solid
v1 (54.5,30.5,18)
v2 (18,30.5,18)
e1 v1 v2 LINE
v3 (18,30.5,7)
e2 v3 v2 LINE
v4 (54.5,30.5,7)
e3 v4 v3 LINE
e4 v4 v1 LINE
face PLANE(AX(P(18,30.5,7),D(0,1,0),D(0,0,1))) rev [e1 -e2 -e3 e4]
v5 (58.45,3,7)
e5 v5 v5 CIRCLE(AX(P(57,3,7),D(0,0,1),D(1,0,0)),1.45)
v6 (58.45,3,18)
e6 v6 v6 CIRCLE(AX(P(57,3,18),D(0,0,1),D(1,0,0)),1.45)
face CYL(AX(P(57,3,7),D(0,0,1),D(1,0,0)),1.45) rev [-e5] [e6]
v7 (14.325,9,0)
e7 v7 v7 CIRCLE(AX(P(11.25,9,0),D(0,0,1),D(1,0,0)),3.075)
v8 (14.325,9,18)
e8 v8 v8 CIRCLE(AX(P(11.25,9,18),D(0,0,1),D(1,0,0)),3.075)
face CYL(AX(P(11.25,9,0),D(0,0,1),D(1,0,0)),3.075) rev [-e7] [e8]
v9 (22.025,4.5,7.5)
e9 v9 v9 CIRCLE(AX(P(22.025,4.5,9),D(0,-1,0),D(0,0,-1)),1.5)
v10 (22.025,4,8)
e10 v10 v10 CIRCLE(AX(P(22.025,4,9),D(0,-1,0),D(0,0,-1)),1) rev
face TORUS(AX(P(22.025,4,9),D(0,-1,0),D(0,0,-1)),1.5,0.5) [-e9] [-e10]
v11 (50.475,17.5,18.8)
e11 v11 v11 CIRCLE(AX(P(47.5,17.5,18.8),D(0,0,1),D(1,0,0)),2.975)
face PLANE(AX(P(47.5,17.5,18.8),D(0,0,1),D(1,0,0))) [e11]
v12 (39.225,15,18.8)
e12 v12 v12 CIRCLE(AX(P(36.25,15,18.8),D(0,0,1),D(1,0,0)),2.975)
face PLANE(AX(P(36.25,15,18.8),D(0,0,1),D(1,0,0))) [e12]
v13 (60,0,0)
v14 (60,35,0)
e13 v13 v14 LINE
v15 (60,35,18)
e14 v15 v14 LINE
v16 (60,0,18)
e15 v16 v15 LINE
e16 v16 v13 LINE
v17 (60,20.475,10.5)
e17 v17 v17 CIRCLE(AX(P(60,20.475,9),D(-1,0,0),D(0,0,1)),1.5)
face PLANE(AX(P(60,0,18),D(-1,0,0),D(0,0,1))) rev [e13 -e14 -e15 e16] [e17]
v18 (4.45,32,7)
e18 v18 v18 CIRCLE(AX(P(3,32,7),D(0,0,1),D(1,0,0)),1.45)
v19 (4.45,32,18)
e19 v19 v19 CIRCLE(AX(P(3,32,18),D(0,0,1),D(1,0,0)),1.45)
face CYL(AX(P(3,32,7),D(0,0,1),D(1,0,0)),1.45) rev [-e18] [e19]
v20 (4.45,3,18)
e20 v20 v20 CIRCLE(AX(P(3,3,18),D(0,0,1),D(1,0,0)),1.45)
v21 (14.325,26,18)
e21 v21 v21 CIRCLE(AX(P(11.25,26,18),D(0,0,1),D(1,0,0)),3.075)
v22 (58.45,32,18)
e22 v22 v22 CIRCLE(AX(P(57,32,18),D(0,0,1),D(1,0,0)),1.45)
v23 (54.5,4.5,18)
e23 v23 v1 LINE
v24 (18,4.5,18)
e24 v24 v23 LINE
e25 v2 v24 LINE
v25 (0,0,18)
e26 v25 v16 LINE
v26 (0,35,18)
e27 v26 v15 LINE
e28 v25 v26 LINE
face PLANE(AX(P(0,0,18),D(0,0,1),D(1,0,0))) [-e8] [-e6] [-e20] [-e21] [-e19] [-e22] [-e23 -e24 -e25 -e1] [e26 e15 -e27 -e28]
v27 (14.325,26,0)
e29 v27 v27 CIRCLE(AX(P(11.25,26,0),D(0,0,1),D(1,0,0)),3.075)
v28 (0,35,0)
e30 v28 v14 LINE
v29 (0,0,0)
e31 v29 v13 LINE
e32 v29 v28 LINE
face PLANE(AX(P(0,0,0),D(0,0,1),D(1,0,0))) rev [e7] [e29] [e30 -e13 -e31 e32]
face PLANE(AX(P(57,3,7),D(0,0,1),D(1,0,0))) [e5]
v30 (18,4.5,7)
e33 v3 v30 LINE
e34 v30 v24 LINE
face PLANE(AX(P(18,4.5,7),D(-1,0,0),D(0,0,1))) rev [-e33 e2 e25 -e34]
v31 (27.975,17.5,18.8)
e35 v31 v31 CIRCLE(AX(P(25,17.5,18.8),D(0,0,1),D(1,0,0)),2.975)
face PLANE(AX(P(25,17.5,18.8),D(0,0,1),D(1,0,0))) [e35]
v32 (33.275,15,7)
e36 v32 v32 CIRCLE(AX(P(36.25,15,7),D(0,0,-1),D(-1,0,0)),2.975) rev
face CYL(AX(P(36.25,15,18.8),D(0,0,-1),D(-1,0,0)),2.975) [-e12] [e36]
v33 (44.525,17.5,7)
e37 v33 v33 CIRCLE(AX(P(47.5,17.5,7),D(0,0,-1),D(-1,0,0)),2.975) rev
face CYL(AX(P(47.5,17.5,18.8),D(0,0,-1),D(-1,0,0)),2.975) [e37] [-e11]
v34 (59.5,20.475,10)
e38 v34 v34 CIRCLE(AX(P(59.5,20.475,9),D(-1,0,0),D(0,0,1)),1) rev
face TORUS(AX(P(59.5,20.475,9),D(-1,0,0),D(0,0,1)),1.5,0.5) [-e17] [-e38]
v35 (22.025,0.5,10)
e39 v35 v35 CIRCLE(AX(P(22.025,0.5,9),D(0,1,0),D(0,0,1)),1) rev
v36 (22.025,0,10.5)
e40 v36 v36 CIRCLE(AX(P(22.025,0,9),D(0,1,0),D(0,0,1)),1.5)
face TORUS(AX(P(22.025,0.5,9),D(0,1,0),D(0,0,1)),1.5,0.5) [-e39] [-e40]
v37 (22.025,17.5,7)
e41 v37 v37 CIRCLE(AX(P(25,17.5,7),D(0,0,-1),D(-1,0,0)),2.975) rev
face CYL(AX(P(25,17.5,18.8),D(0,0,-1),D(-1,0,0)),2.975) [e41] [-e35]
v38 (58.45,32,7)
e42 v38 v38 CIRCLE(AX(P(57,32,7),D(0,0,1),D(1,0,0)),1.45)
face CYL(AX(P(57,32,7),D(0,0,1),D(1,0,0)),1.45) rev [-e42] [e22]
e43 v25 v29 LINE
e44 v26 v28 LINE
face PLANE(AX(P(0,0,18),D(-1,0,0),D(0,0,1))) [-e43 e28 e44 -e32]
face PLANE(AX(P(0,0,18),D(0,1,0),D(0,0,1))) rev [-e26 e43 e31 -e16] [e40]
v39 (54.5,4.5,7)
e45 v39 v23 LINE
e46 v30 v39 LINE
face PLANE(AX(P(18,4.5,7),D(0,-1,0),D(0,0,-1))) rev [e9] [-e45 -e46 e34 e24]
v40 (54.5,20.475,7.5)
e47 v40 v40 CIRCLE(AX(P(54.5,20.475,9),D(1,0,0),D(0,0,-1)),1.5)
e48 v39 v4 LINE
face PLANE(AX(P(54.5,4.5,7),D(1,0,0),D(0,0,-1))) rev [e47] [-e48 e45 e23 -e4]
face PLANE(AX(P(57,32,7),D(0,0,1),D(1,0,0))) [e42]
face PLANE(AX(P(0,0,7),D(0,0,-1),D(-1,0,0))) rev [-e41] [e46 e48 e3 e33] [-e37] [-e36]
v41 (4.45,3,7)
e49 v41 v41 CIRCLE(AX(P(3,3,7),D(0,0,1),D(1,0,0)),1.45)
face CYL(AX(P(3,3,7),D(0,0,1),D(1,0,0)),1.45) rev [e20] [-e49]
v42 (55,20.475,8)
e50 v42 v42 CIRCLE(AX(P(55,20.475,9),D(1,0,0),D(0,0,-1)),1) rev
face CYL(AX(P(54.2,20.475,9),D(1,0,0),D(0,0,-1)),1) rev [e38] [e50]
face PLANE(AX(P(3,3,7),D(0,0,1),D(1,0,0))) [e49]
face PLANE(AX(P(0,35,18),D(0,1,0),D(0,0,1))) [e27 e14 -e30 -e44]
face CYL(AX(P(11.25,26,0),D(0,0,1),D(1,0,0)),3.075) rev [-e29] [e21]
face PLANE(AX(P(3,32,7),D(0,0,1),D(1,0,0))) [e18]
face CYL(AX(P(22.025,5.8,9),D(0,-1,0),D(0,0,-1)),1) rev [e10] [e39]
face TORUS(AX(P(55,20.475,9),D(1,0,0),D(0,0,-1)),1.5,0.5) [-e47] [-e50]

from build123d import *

# Parameters (mm, degrees)
SKETCH1_W           = 60
SKETCH1_H           = 35
BOSS_EXTRUDE1_DEPTH = 18
SKETCH2_R           = 3.075
CUT_EXTRUDE1_DEPTH  = 18
SKETCH3_R           = 1.45
SKETCH3_W           = 36.5
SKETCH3_H           = 26
CUT_EXTRUDE2_DEPTH  = 11
SKETCH4_R           = 2.975
BOSS_EXTRUDE2_DEPTH = 11.8
SKETCH6_R           = 1
CUT_EXTRUDE3_DEPTH  = 5.8
SKETCH8_R           = 1
CUT_EXTRUDE4_DEPTH  = 5.8
FILLET2_R           = 0.5


with BuildPart() as part:
    # Sketch1 → Boss-Extrude1 (new body)
    with BuildSketch(Plane.XY):
        with Locations((30, 17.5)):
            Rectangle(SKETCH1_W, SKETCH1_H)
    extrude(amount=BOSS_EXTRUDE1_DEPTH)

    # Sketch2 → Cut-Extrude1 (cut)
    with BuildSketch(Plane.XY.offset(18)):
        with Locations((11.25, 26)):
            Circle(SKETCH2_R)
        with Locations((11.25, 9)):
            Circle(SKETCH2_R)
    extrude(amount=-CUT_EXTRUDE1_DEPTH, mode=Mode.SUBTRACT)

    # Sketch3 → Cut-Extrude2 (cut)
    with BuildSketch(Plane.XY.offset(18)):
        with Locations((3, 32)):
            Circle(SKETCH3_R)
        with Locations((57, 32)):
            Circle(SKETCH3_R)
        with Locations((57, 3)):
            Circle(SKETCH3_R)
        with Locations((3, 3)):
            Circle(SKETCH3_R)
        with Locations((36.25, 17.5)):
            Rectangle(SKETCH3_W, SKETCH3_H)
    extrude(amount=-CUT_EXTRUDE2_DEPTH, mode=Mode.SUBTRACT)

    # Sketch4 → Boss-Extrude2 (add)
    with BuildSketch(Plane.XY.offset(7)):
        with Locations(Location((25, 17.5, 0), (0, 0, 180))):
            Circle(SKETCH4_R)
        with Locations(Location((36.25, 15, 0), (0, 0, 180))):
            Circle(SKETCH4_R)
        with Locations(Location((47.5, 17.5, 0), (0, 0, 180))):
            Circle(SKETCH4_R)
    extrude(amount=BOSS_EXTRUDE2_DEPTH)

    # Sketch6 → Cut-Extrude3 (cut)
    with BuildSketch(Plane(origin=(60, 0, 0), x_dir=(0, 0, -1), z_dir=(1, 0, 0))):
        with Locations((-9, 20.475)):
            Circle(SKETCH6_R)
    extrude(amount=-CUT_EXTRUDE3_DEPTH, mode=Mode.SUBTRACT)

    # Sketch8 → Cut-Extrude4 (cut)
    with BuildSketch(Plane.XZ):
        with Locations(Location((22.025, 9, 0), (0, 0, 270))):
            Circle(SKETCH8_R)
    extrude(amount=-CUT_EXTRUDE4_DEPTH, mode=Mode.SUBTRACT)

    # Fillet2
    fillet2_edges = [part.edges().sort_by_distance(p)[0] for p in [
        (54.5, 20.475, 10),
        (60, 20.475, 10),
        (22.025, 4.5, 10),
        (22.025, 0, 10),
    ]]
    fillet(fillet2_edges, radius=FILLET2_R)


solid = part.part
